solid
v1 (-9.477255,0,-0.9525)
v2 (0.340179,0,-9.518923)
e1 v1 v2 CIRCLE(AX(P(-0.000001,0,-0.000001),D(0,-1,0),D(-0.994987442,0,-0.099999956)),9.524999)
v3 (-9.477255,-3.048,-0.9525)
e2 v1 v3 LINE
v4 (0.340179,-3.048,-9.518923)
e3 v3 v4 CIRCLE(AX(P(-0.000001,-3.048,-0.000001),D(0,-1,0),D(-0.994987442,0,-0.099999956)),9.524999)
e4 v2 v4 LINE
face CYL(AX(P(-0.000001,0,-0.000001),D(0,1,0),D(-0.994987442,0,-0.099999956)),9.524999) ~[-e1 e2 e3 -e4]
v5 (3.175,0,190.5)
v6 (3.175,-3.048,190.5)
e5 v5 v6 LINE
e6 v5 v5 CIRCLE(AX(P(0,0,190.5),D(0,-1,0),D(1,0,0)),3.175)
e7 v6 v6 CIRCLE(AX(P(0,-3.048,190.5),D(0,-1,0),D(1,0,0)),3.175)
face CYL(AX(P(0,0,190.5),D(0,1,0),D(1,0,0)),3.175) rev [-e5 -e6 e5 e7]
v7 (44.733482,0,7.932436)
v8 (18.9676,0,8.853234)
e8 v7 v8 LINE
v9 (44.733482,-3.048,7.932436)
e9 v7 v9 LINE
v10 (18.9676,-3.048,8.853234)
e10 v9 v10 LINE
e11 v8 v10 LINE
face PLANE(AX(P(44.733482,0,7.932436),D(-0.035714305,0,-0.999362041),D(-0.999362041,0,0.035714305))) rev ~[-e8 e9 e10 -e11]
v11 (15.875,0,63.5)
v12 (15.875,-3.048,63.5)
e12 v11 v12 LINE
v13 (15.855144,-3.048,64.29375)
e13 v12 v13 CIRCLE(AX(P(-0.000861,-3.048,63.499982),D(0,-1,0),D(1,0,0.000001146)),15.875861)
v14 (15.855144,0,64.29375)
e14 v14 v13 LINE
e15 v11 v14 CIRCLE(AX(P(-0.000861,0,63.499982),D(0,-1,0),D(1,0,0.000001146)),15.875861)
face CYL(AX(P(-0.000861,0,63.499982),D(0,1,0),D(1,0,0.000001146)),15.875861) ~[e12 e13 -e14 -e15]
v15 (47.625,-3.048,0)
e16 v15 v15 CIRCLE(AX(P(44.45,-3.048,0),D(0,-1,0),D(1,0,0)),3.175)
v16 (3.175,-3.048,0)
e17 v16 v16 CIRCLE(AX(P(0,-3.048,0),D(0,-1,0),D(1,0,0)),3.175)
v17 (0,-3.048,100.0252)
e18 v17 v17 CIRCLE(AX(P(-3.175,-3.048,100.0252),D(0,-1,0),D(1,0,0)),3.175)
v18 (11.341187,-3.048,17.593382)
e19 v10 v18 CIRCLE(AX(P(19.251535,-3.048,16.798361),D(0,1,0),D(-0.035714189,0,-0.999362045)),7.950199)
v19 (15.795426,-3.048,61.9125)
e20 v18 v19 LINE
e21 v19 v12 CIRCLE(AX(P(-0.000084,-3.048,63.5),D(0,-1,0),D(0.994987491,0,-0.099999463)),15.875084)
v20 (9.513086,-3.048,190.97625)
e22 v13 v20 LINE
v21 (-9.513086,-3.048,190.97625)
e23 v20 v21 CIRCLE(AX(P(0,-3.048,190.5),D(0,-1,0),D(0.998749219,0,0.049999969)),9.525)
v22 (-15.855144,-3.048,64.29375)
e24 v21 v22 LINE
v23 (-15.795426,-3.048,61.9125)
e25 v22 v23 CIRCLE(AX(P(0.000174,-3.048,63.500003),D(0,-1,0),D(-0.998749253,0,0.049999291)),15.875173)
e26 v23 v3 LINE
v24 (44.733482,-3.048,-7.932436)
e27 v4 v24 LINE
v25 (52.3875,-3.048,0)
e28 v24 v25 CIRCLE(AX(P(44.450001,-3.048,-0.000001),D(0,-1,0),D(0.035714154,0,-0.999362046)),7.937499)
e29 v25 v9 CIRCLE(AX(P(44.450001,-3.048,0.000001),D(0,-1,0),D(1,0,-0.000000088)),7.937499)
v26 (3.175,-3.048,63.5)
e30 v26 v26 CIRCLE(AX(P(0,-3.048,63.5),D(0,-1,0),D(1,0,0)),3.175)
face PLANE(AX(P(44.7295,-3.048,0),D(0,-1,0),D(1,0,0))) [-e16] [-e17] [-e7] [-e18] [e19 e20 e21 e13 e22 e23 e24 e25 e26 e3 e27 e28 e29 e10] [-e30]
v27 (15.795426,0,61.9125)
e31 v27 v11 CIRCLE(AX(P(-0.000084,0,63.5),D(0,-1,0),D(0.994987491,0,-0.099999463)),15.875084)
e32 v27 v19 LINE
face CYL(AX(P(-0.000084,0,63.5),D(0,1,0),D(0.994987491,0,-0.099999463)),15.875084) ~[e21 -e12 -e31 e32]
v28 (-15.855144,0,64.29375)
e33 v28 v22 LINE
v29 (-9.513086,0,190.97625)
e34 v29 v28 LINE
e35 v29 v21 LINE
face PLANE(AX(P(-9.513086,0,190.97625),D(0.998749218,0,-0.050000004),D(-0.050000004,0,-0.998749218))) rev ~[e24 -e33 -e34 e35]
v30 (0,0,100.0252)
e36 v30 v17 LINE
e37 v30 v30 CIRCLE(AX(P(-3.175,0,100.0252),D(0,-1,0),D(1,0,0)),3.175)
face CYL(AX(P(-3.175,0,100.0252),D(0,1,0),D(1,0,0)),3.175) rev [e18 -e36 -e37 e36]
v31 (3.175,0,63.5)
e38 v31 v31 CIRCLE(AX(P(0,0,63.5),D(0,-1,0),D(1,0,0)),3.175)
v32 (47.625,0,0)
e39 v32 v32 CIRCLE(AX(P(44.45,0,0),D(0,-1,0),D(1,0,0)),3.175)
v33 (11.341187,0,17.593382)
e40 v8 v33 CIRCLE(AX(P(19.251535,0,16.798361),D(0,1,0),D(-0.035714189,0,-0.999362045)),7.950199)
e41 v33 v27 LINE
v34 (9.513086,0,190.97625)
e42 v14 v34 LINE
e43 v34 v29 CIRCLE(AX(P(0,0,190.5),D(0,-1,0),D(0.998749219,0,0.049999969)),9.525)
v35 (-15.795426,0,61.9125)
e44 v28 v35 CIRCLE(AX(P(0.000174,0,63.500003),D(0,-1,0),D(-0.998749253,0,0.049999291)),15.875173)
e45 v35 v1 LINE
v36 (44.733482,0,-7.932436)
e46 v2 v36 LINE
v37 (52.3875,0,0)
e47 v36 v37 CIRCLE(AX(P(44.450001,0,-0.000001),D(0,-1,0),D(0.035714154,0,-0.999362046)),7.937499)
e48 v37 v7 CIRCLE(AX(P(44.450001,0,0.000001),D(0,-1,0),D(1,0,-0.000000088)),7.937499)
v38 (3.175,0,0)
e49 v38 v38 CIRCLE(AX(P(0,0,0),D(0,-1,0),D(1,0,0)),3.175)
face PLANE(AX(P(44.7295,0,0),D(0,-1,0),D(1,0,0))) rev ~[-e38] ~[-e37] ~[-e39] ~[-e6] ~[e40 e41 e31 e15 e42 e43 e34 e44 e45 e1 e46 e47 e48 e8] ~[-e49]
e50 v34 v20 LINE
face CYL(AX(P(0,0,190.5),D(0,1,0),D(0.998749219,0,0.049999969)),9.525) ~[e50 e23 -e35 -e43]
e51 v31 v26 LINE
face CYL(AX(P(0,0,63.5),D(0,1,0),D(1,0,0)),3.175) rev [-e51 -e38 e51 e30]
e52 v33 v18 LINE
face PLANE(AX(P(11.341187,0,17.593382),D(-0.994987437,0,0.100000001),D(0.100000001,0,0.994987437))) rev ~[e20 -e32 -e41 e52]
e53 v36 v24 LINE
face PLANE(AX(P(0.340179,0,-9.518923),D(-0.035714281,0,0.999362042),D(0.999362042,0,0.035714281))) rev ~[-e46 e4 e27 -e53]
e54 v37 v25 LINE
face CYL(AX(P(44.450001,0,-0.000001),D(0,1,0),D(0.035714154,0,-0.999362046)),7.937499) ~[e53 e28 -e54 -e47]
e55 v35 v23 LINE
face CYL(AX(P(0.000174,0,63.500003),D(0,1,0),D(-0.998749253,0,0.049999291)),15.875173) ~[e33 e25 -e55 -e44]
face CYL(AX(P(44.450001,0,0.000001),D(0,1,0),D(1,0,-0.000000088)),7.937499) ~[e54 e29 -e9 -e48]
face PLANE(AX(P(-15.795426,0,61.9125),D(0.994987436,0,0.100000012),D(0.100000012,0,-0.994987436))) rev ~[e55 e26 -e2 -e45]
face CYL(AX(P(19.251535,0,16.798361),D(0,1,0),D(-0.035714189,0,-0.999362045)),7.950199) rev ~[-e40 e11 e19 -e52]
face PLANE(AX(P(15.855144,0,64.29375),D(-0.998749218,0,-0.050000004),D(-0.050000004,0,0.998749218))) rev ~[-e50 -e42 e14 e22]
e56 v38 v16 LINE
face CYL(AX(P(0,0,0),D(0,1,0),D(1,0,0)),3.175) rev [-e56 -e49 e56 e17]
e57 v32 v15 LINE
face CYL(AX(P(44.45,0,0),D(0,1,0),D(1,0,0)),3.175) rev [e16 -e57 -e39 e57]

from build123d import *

# Parameters (mm, degrees)
F0_R     = 3.175
F1_DEPTH = 3.048


with BuildPart() as f1:
    # F0 (on Front) → F1 (new body)
    with BuildSketch(Plane.XZ):
        with BuildLine():
            ThreePointArc((44.733482, -7.932436), (50.162007, -5.511523), (52.3875, 0))
            ThreePointArc((52.3875, 0), (50.162007, 5.511523), (44.733482, 7.932436))
            ThreePointArc((44.733482, 7.932436), (36.5125, 0), (44.733482, -7.932436))
        make_face()
        with Locations((44.45, 0)):
            Circle(F0_R, mode=Mode.SUBTRACT)
        with BuildLine():
            ThreePointArc((44.733482, -7.932436), (36.5125, 0), (44.733482, 7.932436))
            Line((44.733482, 7.932436), (18.9676, 8.853234))
            ThreePointArc((18.9676, 8.853234), (13.2612, 11.571359), (11.341187, 17.593382))
            Line((11.341187, 17.593382), (15.795426, 61.9125))
            ThreePointArc((15.795426, 61.9125), (0, 47.625), (-15.795426, 61.9125))
            Line((-15.795426, 61.9125), (-9.477255, -0.9525))
            ThreePointArc((-9.477255, -0.9525), (-0.476848, 9.513056), (9.525, 0))
            ThreePointArc((9.525, 0), (6.854408, -6.613827), (0.340179, -9.518923))
            Line((0.340179, -9.518923), (44.733482, -7.932436))
        make_face()
        with BuildLine():
            ThreePointArc((-9.477255, -0.9525), (-6.262383, -7.17692), (0.340179, -9.518923))
            ThreePointArc((0.340179, -9.518923), (6.854408, -6.613827), (9.525, 0))
            ThreePointArc((9.525, 0), (-0.476848, 9.513056), (-9.477255, -0.9525))
        make_face()
        Circle(F0_R, mode=Mode.SUBTRACT)
        with BuildLine():
            ThreePointArc((-15.795426, 61.9125), (0, 47.625), (15.795426, 61.9125))
            ThreePointArc((15.795426, 61.9125), (15.855094, 62.705253), (15.875, 63.5))
            ThreePointArc((15.875, 63.5), (15.870035, 63.896999), (15.855144, 64.29375))
            ThreePointArc((15.855144, 64.29375), (0, 79.375), (-15.855144, 64.29375))
            ThreePointArc((-15.855144, 64.29375), (-15.87001, 63.102003), (-15.795426, 61.9125))
        make_face()
        with Locations((0, 63.5)):
            Circle(F0_R, mode=Mode.SUBTRACT)
        with BuildLine():
            Line((-9.513086, 190.97625), (-15.855144, 64.29375))
            ThreePointArc((-15.855144, 64.29375), (0, 79.375), (15.855144, 64.29375))
            Line((15.855144, 64.29375), (9.513086, 190.97625))
            ThreePointArc((9.513086, 190.97625), (9.522021, 190.738199), (9.525, 190.5))
            ThreePointArc((9.525, 190.5), (-0.238199, 180.977979), (-9.513086, 190.97625))
        make_face()
        with Locations((-3.175, 100.0252)):
            Circle(F0_R, mode=Mode.SUBTRACT)
        with BuildLine():
            ThreePointArc((9.513086, 190.97625), (0, 200.025), (-9.513086, 190.97625))
            ThreePointArc((-9.513086, 190.97625), (-0.238199, 180.977979), (9.525, 190.5))
            ThreePointArc((9.525, 190.5), (9.522021, 190.738199), (9.513086, 190.97625))
        make_face()
        with Locations((0, 190.5)):
            Circle(F0_R, mode=Mode.SUBTRACT)
    extrude(amount=F1_DEPTH)


solid = f1.part
